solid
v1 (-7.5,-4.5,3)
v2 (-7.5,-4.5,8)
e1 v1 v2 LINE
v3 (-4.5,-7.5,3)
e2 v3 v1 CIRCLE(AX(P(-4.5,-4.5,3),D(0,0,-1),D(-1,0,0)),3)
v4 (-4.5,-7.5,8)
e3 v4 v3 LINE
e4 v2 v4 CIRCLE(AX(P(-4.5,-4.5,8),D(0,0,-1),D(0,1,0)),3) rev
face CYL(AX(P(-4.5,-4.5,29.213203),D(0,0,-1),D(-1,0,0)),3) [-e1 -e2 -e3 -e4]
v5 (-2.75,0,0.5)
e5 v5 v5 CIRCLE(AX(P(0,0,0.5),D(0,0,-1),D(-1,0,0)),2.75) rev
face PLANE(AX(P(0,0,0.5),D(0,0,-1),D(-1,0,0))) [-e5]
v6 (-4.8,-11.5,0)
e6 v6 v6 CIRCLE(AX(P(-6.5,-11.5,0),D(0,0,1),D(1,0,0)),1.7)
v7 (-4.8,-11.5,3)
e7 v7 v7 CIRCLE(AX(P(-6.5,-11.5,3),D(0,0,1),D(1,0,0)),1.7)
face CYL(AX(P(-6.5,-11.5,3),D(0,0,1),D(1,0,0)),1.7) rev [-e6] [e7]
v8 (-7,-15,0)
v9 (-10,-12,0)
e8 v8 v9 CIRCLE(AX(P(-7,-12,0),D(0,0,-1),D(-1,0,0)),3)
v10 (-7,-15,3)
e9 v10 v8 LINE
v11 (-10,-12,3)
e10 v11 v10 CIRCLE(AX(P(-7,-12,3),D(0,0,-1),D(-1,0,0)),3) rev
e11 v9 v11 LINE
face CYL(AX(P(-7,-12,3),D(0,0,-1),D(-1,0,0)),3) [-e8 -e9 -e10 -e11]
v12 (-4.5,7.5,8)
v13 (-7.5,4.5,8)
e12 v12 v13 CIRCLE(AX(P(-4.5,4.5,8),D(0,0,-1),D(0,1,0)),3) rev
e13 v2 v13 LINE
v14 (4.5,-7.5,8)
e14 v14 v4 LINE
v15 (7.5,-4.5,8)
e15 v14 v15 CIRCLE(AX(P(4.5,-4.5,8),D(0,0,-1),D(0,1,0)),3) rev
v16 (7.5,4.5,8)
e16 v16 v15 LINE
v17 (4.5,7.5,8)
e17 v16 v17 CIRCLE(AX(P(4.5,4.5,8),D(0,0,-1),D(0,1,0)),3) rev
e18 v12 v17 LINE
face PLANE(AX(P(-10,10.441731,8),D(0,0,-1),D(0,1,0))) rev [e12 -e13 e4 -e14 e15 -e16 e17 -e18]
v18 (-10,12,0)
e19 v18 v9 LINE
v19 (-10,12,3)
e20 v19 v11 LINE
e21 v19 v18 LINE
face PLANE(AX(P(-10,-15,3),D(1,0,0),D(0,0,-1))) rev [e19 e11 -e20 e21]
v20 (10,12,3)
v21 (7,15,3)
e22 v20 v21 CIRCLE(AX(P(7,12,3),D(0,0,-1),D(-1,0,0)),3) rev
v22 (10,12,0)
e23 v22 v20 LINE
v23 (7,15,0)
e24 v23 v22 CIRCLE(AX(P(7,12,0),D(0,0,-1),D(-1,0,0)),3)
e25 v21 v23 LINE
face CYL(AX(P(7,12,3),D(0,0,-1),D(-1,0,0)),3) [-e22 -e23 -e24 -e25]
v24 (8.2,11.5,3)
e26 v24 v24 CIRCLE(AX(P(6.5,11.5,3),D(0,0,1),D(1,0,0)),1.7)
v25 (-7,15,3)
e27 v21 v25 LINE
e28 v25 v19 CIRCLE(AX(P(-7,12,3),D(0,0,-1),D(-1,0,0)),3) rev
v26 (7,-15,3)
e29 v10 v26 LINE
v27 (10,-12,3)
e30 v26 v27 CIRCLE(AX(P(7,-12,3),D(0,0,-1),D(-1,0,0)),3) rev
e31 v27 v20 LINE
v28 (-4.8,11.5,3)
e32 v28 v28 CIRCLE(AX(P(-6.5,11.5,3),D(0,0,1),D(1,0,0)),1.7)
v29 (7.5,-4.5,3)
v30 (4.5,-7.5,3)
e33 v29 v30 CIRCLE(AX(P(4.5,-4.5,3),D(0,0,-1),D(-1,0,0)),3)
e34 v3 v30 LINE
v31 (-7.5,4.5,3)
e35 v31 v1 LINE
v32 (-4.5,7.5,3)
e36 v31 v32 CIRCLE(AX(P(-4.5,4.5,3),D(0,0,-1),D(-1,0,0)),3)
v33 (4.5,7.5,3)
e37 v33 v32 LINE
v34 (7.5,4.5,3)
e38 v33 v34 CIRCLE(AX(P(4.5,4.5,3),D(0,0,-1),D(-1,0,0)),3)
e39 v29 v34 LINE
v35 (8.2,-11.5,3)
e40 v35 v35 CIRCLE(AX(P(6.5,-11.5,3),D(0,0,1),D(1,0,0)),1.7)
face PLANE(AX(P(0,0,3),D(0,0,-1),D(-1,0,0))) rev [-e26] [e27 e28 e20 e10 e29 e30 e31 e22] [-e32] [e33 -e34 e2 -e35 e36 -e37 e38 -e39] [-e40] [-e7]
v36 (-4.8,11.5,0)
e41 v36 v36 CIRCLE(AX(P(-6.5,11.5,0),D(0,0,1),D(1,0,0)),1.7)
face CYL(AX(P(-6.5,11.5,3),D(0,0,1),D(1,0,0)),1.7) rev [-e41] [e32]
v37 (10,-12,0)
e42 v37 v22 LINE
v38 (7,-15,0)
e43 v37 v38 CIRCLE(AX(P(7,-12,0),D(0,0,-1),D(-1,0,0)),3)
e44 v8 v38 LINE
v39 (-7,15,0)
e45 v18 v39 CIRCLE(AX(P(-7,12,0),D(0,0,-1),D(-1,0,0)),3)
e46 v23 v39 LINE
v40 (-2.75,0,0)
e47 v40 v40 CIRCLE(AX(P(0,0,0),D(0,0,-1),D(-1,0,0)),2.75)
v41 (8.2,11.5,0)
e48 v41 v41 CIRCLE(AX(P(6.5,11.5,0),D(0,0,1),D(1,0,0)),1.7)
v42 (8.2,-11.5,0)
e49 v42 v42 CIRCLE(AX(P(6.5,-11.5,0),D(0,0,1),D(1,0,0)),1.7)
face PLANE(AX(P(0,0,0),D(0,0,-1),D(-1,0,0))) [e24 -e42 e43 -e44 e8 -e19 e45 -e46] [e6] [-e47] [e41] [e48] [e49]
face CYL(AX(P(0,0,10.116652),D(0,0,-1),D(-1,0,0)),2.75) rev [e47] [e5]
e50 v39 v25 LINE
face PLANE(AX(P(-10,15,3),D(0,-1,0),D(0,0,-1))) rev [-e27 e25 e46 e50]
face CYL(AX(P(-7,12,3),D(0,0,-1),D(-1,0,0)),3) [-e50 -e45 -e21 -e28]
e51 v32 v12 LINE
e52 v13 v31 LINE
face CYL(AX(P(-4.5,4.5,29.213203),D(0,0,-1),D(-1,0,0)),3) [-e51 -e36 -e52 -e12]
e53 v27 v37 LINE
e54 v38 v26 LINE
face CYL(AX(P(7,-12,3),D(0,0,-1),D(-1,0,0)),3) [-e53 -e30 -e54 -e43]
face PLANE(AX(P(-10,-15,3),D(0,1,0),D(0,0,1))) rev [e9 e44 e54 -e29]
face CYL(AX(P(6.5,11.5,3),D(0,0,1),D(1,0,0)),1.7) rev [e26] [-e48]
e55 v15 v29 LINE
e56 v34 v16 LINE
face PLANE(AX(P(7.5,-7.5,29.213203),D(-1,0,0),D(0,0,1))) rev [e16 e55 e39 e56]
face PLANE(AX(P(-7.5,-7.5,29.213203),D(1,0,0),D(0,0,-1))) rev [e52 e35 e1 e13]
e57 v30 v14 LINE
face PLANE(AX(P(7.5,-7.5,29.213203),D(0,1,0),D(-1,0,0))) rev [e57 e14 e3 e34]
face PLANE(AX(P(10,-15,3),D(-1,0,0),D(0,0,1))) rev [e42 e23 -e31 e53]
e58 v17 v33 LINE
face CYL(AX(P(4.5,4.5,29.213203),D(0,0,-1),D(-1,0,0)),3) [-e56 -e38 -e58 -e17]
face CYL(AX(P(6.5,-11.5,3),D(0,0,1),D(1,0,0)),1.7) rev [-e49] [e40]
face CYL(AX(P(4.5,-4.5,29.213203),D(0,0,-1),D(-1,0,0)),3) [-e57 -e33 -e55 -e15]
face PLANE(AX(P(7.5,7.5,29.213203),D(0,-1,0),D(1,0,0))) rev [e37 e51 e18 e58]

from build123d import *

# Parameters (mm, degrees)
SKETCH1_W                  = 20
SKETCH1_H                  = 30
BOSS_EXTRUDE1_DEPTH        = 3
F_3_4_3_4_DIAMETER_HOLE1_D = 3.4
SKETCH5_R                  = 3.4
CUT_EXTRUDE1_DEPTH         = 0.5
FILLET1_R                  = 3
SKETCH7_W                  = 8
SKETCH7_H                  = 15
BOSS_EXTRUDE3_DEPTH        = 11
CUT_EXTRUDE3_DEPTH         = 25.839484697
CUT_EXTRUDE3_DEPTH_BACK    = 25.839484697
SKETCH11_OUTSIDE_W         = 29.736
SKETCH11_OUTSIDE_H         = 39.736
SKETCH11_OUTSIDE_R         = 2.5
CUT_EXTRUDE4_DEPTH         = 22.118712082
SKETCH12_W                 = 7.43023475
SKETCH12_H                 = 21.108621448
CUT_EXTRUDE5_DEPTH         = 29.653097564
SKETCH13_R                 = 3.4
SKETCH13_R_2               = 2.75
BOSS_EXTRUDE4_DEPTH        = 0.5
SKETCH14_W                 = 15
SKETCH14_H                 = 15
BOSS_EXTRUDE5_DEPTH        = 5
FILLET2_R                  = 3


with BuildPart() as part:
    # Sketch1 → Boss-Extrude1 (new body)
    with BuildSketch(Plane.XY):
        Rectangle(SKETCH1_W, SKETCH1_H)
    extrude(amount=BOSS_EXTRUDE1_DEPTH)

    # Ø3.4 (3.4) Diameter Hole1 (through all)
    with Locations(Plane.XY.offset(3)):
        with Locations((-6.5, 11.5), (6.5, 11.5), (6.5, -11.5), (-6.5, -11.5)):
            Hole(F_3_4_3_4_DIAMETER_HOLE1_D / 2)

    # Sketch5 → Cut-Extrude1 (cut)
    with BuildSketch(Plane(origin=(0, 0, 0), x_dir=(-1, 0, 0), z_dir=(0, 0, -1))):
        Circle(SKETCH5_R)
    extrude(amount=-CUT_EXTRUDE1_DEPTH, mode=Mode.SUBTRACT)

    # Fillet1
    fillet1_edges = [part.edges().sort_by_distance(p)[0] for p in [
        (10, -15, 1.5),
        (-10, -15, 1.5),
        (-10, 15, 1.5),
        (10, 15, 1.5),
    ]]
    fillet(fillet1_edges, radius=FILLET1_R)

    # Sketch7 → Boss-Extrude3 (add)
    with BuildSketch(Plane.XY.offset(3)):
        Rectangle(SKETCH7_W, SKETCH7_H)
    extrude(amount=BOSS_EXTRUDE3_DEPTH)

    # Sketch8 → Cut-Extrude3 (cut, two sides: drawn at the far end of the back side and taken through both)
    with BuildSketch(Plane(origin=(4, 0, 0), x_dir=(0, 0, -1), z_dir=(1, 0, 0)).offset(-CUT_EXTRUDE3_DEPTH_BACK)):
        Polygon((-14, -6), (-14, -7), (-13.133974596, -6.5), align=None)
        Polygon((-13.133974596, -7.5), (-14, -7), (-14, -7.5), align=None)
        Polygon((-14, -5), (-14, -6), (-13.133974596, -5.5), align=None)
        Polygon((-14, -4), (-14, -5), (-13.133974596, -4.5), align=None)
        Polygon((-14, -3), (-14, -4), (-13.133974596, -3.5), align=None)
        Polygon((-14, 7), (-13.133974596, 7.5), (-14, 7.5), align=None)
        Polygon((-14, -2), (-14, -3), (-13.133974596, -2.5), align=None)
        Polygon((-13.133974596, 6.5), (-14, 7), (-14, 6), align=None)
        Polygon((-14, -1), (-14, -2), (-13.133974596, -1.5), align=None)
        Polygon((-13.133974596, 5.5), (-14, 6), (-14, 5), align=None)
        Polygon((-14, 0), (-14, -1), (-13.133974596, -0.5), align=None)
        Polygon((-13.133974596, 4.5), (-14, 5), (-14, 4), align=None)
        Polygon((-14, 1), (-14, 0), (-13.133974596, 0.5), align=None)
        Polygon((-13.133974596, 3.5), (-14, 4), (-14, 3), align=None)
        Polygon((-14, 2), (-14, 1), (-13.133974596, 1.5), align=None)
        Polygon((-13.133974596, 2.5), (-14, 3), (-14, 2), align=None)
    extrude(amount=CUT_EXTRUDE3_DEPTH + CUT_EXTRUDE3_DEPTH_BACK, mode=Mode.SUBTRACT)

    # Sketch11 outside → Cut-Extrude4 (cut, through all)
    with BuildSketch(Plane.XY.offset(3)):
        Rectangle(SKETCH11_OUTSIDE_W, SKETCH11_OUTSIDE_H)
        Circle(SKETCH11_OUTSIDE_R, mode=Mode.SUBTRACT)
    extrude(amount=CUT_EXTRUDE4_DEPTH, mode=Mode.SUBTRACT)

    # Sketch12 → Cut-Extrude5 (cut, through all)
    with BuildSketch(Plane(origin=(10, 0, 0), x_dir=(0, 0, -1), z_dir=(1, 0, 0))):
        with Locations((-11.715117375, -0.112579314)):
            Rectangle(SKETCH12_W, SKETCH12_H)
    extrude(amount=-CUT_EXTRUDE5_DEPTH, mode=Mode.SUBTRACT)

    # Sketch13 → Boss-Extrude4 (add)
    with BuildSketch(Plane(origin=(0, 0, 0), x_dir=(-1, 0, 0), z_dir=(0, 0, -1))):
        Circle(SKETCH13_R)
        Circle(SKETCH13_R_2, mode=Mode.SUBTRACT)
    extrude(amount=-BOSS_EXTRUDE4_DEPTH)

    # Sketch14 → Boss-Extrude5 (add)
    with BuildSketch(Plane.XY.offset(3)):
        Rectangle(SKETCH14_W, SKETCH14_H)
    extrude(amount=BOSS_EXTRUDE5_DEPTH)

    # Fillet2
    fillet2_edges = [part.edges().sort_by_distance(p)[0] for p in [
        (7.5, 7.5, 5.5),
        (7.5, -7.5, 5.5),
        (-7.5, -7.5, 5.5),
        (-7.5, 7.5, 5.5),
    ]]
    fillet(fillet2_edges, radius=FILLET2_R)


solid = part.part
